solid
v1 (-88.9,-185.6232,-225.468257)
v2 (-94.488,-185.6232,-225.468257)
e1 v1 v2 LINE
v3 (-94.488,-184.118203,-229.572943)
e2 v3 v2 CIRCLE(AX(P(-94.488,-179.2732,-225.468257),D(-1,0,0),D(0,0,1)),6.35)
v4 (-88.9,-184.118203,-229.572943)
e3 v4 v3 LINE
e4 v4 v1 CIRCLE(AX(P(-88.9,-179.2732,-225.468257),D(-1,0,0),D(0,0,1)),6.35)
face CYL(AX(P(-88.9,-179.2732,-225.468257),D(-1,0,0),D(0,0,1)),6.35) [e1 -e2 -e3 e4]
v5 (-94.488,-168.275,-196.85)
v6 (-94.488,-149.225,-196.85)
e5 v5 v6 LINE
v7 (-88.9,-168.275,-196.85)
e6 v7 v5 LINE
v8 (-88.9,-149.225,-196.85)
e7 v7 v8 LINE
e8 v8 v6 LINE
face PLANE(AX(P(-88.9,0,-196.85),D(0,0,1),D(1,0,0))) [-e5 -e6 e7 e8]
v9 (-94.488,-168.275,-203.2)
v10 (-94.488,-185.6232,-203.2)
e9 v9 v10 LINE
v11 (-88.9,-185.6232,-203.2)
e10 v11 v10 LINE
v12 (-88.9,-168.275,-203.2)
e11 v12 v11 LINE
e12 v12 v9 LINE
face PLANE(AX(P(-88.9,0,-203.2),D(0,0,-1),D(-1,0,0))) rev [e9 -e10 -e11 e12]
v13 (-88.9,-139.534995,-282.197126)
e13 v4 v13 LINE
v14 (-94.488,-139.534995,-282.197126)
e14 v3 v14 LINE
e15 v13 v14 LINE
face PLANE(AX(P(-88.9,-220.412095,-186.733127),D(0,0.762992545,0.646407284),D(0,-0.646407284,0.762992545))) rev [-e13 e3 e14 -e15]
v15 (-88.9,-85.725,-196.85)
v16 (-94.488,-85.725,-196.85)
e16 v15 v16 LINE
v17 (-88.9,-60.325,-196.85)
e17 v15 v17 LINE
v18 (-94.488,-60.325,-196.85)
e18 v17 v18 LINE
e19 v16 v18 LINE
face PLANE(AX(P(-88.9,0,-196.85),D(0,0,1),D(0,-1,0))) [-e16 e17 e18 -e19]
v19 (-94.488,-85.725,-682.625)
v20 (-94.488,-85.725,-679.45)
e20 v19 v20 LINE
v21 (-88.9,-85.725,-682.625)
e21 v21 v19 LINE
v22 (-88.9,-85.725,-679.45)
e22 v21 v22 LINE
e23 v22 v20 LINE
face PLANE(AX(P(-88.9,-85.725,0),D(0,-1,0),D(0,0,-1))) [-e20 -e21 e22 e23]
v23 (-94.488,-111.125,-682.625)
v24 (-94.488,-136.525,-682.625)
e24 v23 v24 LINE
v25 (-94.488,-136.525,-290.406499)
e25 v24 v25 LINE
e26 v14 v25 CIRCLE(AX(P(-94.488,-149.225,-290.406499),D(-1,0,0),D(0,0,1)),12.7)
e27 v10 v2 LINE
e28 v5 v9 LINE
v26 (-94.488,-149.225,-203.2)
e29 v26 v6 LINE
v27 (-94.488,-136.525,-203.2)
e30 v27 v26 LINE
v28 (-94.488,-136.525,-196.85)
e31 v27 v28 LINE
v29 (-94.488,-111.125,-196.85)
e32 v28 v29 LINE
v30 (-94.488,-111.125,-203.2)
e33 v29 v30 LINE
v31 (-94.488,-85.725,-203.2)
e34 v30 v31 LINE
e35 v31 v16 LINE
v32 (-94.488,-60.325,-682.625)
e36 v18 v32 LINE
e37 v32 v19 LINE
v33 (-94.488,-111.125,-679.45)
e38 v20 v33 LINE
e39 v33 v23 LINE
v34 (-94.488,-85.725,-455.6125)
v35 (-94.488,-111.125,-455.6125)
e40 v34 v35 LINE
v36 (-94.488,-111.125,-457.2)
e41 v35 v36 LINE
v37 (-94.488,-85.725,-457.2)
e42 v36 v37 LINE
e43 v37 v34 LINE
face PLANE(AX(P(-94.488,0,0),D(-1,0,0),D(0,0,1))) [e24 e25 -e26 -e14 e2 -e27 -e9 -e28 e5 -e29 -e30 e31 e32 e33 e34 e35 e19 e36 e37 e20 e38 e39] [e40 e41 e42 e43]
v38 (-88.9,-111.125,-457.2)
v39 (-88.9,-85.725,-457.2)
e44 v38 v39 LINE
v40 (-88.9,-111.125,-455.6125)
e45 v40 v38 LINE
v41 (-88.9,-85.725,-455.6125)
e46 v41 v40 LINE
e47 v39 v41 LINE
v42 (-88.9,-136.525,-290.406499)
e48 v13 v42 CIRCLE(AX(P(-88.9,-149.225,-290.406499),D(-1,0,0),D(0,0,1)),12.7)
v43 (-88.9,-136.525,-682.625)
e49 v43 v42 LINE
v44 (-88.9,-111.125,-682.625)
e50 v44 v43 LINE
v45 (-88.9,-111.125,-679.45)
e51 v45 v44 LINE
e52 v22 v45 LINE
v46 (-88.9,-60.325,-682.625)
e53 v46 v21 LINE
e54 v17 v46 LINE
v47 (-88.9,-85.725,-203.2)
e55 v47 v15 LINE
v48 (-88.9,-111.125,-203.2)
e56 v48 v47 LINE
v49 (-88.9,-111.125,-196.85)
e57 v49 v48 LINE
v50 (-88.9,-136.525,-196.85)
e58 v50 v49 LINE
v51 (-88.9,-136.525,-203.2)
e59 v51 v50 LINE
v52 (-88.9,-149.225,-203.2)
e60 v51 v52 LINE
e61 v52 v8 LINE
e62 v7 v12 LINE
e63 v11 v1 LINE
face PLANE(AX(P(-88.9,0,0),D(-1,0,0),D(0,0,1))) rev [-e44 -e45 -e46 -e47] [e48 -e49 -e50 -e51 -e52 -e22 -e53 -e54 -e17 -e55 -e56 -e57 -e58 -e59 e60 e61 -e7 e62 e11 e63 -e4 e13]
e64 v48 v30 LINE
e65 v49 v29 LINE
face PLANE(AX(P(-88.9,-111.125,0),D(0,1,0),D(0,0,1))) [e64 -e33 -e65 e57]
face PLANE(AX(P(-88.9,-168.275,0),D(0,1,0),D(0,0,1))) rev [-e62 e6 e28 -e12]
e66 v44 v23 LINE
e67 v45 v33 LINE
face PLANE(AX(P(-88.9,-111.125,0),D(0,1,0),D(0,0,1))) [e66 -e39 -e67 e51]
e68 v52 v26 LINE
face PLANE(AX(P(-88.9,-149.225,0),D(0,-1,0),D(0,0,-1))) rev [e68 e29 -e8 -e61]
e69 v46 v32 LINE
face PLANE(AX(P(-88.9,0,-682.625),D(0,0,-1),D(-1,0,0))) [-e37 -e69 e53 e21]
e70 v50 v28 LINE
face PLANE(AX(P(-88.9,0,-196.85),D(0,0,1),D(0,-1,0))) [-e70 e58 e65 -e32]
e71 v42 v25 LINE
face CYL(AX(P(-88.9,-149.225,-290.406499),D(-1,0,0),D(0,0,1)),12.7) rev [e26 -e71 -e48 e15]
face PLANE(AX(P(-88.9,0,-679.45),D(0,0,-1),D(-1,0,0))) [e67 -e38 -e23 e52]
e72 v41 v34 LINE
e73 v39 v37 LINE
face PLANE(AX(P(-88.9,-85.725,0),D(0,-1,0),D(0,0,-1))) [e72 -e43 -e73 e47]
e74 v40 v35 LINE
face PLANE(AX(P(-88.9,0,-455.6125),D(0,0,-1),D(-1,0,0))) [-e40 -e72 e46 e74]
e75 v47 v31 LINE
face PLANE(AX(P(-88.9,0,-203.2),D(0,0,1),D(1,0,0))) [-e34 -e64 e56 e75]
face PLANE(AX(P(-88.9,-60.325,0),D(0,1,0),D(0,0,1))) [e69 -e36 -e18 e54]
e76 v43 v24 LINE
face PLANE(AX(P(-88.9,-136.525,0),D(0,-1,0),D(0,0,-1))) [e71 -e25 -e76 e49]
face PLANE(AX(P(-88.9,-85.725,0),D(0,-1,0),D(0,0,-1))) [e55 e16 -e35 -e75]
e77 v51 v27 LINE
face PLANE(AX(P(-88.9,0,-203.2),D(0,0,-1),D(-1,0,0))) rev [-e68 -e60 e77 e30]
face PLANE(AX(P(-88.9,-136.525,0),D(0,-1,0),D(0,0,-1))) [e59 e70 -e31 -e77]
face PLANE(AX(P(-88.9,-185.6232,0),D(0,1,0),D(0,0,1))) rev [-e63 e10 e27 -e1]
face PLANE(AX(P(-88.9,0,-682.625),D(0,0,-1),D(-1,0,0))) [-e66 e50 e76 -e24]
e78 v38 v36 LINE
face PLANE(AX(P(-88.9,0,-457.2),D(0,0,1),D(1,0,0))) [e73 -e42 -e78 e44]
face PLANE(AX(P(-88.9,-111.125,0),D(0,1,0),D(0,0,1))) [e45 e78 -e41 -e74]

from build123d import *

# Parameters (mm, degrees)
SKETCH1_W           = 25.4
SKETCH1_H           = 1.5875
BOSS_EXTRUDE1_DEPTH = 5.588


with BuildPart() as part:
    # Sketch1 → Boss-Extrude1 (new body)
    # profile 1 of 2: a face of its own
    with BuildSketch(Plane(origin=(-94.488, 0, 0), x_dir=(0, -1, 0), z_dir=(-1, 0, 0))):
        Polygon((136.525, -196.85), (111.125, -196.85), (111.125, -203.2), (85.725, -203.2), (85.725, -196.85), (60.325, -196.85), (60.325, -682.625), (85.725, -682.625), (85.725, -679.45), (111.125, -679.45), (111.125, -682.625), (136.525, -682.625), align=None)
        with Locations((98.425, -456.40625)):
            Rectangle(SKETCH1_W, SKETCH1_H, mode=Mode.SUBTRACT)
    # profile 2 of 2: a face of its own
    with BuildSketch(Plane(origin=(-94.488, 0, 0), x_dir=(0, -1, 0), z_dir=(-1, 0, 0))):
        with BuildLine():
            Line((149.225, -203.2), (136.525, -203.2))
            Line((136.525, -203.2), (136.525, -290.406498707))
            ThreePointArc((136.525, -290.406498707), (137.30121982, -286.034603668), (139.534994681, -282.197126202))
            Line((139.534994681, -282.197126202), (184.118202659, -229.57294303))
            ThreePointArc((184.118202659, -229.57294303), (185.23509009, -227.654204297), (185.6232, -225.468256778))
            Line((185.6232, -225.468256778), (185.6232, -203.2))
            Line((185.6232, -203.2), (168.275, -203.2))
            Line((168.275, -203.2), (168.275, -196.85))
            Line((168.275, -196.85), (149.225, -196.85))
            Line((149.225, -196.85), (149.225, -203.2))
        make_face()
    extrude(amount=-BOSS_EXTRUDE1_DEPTH)


solid = part.part
